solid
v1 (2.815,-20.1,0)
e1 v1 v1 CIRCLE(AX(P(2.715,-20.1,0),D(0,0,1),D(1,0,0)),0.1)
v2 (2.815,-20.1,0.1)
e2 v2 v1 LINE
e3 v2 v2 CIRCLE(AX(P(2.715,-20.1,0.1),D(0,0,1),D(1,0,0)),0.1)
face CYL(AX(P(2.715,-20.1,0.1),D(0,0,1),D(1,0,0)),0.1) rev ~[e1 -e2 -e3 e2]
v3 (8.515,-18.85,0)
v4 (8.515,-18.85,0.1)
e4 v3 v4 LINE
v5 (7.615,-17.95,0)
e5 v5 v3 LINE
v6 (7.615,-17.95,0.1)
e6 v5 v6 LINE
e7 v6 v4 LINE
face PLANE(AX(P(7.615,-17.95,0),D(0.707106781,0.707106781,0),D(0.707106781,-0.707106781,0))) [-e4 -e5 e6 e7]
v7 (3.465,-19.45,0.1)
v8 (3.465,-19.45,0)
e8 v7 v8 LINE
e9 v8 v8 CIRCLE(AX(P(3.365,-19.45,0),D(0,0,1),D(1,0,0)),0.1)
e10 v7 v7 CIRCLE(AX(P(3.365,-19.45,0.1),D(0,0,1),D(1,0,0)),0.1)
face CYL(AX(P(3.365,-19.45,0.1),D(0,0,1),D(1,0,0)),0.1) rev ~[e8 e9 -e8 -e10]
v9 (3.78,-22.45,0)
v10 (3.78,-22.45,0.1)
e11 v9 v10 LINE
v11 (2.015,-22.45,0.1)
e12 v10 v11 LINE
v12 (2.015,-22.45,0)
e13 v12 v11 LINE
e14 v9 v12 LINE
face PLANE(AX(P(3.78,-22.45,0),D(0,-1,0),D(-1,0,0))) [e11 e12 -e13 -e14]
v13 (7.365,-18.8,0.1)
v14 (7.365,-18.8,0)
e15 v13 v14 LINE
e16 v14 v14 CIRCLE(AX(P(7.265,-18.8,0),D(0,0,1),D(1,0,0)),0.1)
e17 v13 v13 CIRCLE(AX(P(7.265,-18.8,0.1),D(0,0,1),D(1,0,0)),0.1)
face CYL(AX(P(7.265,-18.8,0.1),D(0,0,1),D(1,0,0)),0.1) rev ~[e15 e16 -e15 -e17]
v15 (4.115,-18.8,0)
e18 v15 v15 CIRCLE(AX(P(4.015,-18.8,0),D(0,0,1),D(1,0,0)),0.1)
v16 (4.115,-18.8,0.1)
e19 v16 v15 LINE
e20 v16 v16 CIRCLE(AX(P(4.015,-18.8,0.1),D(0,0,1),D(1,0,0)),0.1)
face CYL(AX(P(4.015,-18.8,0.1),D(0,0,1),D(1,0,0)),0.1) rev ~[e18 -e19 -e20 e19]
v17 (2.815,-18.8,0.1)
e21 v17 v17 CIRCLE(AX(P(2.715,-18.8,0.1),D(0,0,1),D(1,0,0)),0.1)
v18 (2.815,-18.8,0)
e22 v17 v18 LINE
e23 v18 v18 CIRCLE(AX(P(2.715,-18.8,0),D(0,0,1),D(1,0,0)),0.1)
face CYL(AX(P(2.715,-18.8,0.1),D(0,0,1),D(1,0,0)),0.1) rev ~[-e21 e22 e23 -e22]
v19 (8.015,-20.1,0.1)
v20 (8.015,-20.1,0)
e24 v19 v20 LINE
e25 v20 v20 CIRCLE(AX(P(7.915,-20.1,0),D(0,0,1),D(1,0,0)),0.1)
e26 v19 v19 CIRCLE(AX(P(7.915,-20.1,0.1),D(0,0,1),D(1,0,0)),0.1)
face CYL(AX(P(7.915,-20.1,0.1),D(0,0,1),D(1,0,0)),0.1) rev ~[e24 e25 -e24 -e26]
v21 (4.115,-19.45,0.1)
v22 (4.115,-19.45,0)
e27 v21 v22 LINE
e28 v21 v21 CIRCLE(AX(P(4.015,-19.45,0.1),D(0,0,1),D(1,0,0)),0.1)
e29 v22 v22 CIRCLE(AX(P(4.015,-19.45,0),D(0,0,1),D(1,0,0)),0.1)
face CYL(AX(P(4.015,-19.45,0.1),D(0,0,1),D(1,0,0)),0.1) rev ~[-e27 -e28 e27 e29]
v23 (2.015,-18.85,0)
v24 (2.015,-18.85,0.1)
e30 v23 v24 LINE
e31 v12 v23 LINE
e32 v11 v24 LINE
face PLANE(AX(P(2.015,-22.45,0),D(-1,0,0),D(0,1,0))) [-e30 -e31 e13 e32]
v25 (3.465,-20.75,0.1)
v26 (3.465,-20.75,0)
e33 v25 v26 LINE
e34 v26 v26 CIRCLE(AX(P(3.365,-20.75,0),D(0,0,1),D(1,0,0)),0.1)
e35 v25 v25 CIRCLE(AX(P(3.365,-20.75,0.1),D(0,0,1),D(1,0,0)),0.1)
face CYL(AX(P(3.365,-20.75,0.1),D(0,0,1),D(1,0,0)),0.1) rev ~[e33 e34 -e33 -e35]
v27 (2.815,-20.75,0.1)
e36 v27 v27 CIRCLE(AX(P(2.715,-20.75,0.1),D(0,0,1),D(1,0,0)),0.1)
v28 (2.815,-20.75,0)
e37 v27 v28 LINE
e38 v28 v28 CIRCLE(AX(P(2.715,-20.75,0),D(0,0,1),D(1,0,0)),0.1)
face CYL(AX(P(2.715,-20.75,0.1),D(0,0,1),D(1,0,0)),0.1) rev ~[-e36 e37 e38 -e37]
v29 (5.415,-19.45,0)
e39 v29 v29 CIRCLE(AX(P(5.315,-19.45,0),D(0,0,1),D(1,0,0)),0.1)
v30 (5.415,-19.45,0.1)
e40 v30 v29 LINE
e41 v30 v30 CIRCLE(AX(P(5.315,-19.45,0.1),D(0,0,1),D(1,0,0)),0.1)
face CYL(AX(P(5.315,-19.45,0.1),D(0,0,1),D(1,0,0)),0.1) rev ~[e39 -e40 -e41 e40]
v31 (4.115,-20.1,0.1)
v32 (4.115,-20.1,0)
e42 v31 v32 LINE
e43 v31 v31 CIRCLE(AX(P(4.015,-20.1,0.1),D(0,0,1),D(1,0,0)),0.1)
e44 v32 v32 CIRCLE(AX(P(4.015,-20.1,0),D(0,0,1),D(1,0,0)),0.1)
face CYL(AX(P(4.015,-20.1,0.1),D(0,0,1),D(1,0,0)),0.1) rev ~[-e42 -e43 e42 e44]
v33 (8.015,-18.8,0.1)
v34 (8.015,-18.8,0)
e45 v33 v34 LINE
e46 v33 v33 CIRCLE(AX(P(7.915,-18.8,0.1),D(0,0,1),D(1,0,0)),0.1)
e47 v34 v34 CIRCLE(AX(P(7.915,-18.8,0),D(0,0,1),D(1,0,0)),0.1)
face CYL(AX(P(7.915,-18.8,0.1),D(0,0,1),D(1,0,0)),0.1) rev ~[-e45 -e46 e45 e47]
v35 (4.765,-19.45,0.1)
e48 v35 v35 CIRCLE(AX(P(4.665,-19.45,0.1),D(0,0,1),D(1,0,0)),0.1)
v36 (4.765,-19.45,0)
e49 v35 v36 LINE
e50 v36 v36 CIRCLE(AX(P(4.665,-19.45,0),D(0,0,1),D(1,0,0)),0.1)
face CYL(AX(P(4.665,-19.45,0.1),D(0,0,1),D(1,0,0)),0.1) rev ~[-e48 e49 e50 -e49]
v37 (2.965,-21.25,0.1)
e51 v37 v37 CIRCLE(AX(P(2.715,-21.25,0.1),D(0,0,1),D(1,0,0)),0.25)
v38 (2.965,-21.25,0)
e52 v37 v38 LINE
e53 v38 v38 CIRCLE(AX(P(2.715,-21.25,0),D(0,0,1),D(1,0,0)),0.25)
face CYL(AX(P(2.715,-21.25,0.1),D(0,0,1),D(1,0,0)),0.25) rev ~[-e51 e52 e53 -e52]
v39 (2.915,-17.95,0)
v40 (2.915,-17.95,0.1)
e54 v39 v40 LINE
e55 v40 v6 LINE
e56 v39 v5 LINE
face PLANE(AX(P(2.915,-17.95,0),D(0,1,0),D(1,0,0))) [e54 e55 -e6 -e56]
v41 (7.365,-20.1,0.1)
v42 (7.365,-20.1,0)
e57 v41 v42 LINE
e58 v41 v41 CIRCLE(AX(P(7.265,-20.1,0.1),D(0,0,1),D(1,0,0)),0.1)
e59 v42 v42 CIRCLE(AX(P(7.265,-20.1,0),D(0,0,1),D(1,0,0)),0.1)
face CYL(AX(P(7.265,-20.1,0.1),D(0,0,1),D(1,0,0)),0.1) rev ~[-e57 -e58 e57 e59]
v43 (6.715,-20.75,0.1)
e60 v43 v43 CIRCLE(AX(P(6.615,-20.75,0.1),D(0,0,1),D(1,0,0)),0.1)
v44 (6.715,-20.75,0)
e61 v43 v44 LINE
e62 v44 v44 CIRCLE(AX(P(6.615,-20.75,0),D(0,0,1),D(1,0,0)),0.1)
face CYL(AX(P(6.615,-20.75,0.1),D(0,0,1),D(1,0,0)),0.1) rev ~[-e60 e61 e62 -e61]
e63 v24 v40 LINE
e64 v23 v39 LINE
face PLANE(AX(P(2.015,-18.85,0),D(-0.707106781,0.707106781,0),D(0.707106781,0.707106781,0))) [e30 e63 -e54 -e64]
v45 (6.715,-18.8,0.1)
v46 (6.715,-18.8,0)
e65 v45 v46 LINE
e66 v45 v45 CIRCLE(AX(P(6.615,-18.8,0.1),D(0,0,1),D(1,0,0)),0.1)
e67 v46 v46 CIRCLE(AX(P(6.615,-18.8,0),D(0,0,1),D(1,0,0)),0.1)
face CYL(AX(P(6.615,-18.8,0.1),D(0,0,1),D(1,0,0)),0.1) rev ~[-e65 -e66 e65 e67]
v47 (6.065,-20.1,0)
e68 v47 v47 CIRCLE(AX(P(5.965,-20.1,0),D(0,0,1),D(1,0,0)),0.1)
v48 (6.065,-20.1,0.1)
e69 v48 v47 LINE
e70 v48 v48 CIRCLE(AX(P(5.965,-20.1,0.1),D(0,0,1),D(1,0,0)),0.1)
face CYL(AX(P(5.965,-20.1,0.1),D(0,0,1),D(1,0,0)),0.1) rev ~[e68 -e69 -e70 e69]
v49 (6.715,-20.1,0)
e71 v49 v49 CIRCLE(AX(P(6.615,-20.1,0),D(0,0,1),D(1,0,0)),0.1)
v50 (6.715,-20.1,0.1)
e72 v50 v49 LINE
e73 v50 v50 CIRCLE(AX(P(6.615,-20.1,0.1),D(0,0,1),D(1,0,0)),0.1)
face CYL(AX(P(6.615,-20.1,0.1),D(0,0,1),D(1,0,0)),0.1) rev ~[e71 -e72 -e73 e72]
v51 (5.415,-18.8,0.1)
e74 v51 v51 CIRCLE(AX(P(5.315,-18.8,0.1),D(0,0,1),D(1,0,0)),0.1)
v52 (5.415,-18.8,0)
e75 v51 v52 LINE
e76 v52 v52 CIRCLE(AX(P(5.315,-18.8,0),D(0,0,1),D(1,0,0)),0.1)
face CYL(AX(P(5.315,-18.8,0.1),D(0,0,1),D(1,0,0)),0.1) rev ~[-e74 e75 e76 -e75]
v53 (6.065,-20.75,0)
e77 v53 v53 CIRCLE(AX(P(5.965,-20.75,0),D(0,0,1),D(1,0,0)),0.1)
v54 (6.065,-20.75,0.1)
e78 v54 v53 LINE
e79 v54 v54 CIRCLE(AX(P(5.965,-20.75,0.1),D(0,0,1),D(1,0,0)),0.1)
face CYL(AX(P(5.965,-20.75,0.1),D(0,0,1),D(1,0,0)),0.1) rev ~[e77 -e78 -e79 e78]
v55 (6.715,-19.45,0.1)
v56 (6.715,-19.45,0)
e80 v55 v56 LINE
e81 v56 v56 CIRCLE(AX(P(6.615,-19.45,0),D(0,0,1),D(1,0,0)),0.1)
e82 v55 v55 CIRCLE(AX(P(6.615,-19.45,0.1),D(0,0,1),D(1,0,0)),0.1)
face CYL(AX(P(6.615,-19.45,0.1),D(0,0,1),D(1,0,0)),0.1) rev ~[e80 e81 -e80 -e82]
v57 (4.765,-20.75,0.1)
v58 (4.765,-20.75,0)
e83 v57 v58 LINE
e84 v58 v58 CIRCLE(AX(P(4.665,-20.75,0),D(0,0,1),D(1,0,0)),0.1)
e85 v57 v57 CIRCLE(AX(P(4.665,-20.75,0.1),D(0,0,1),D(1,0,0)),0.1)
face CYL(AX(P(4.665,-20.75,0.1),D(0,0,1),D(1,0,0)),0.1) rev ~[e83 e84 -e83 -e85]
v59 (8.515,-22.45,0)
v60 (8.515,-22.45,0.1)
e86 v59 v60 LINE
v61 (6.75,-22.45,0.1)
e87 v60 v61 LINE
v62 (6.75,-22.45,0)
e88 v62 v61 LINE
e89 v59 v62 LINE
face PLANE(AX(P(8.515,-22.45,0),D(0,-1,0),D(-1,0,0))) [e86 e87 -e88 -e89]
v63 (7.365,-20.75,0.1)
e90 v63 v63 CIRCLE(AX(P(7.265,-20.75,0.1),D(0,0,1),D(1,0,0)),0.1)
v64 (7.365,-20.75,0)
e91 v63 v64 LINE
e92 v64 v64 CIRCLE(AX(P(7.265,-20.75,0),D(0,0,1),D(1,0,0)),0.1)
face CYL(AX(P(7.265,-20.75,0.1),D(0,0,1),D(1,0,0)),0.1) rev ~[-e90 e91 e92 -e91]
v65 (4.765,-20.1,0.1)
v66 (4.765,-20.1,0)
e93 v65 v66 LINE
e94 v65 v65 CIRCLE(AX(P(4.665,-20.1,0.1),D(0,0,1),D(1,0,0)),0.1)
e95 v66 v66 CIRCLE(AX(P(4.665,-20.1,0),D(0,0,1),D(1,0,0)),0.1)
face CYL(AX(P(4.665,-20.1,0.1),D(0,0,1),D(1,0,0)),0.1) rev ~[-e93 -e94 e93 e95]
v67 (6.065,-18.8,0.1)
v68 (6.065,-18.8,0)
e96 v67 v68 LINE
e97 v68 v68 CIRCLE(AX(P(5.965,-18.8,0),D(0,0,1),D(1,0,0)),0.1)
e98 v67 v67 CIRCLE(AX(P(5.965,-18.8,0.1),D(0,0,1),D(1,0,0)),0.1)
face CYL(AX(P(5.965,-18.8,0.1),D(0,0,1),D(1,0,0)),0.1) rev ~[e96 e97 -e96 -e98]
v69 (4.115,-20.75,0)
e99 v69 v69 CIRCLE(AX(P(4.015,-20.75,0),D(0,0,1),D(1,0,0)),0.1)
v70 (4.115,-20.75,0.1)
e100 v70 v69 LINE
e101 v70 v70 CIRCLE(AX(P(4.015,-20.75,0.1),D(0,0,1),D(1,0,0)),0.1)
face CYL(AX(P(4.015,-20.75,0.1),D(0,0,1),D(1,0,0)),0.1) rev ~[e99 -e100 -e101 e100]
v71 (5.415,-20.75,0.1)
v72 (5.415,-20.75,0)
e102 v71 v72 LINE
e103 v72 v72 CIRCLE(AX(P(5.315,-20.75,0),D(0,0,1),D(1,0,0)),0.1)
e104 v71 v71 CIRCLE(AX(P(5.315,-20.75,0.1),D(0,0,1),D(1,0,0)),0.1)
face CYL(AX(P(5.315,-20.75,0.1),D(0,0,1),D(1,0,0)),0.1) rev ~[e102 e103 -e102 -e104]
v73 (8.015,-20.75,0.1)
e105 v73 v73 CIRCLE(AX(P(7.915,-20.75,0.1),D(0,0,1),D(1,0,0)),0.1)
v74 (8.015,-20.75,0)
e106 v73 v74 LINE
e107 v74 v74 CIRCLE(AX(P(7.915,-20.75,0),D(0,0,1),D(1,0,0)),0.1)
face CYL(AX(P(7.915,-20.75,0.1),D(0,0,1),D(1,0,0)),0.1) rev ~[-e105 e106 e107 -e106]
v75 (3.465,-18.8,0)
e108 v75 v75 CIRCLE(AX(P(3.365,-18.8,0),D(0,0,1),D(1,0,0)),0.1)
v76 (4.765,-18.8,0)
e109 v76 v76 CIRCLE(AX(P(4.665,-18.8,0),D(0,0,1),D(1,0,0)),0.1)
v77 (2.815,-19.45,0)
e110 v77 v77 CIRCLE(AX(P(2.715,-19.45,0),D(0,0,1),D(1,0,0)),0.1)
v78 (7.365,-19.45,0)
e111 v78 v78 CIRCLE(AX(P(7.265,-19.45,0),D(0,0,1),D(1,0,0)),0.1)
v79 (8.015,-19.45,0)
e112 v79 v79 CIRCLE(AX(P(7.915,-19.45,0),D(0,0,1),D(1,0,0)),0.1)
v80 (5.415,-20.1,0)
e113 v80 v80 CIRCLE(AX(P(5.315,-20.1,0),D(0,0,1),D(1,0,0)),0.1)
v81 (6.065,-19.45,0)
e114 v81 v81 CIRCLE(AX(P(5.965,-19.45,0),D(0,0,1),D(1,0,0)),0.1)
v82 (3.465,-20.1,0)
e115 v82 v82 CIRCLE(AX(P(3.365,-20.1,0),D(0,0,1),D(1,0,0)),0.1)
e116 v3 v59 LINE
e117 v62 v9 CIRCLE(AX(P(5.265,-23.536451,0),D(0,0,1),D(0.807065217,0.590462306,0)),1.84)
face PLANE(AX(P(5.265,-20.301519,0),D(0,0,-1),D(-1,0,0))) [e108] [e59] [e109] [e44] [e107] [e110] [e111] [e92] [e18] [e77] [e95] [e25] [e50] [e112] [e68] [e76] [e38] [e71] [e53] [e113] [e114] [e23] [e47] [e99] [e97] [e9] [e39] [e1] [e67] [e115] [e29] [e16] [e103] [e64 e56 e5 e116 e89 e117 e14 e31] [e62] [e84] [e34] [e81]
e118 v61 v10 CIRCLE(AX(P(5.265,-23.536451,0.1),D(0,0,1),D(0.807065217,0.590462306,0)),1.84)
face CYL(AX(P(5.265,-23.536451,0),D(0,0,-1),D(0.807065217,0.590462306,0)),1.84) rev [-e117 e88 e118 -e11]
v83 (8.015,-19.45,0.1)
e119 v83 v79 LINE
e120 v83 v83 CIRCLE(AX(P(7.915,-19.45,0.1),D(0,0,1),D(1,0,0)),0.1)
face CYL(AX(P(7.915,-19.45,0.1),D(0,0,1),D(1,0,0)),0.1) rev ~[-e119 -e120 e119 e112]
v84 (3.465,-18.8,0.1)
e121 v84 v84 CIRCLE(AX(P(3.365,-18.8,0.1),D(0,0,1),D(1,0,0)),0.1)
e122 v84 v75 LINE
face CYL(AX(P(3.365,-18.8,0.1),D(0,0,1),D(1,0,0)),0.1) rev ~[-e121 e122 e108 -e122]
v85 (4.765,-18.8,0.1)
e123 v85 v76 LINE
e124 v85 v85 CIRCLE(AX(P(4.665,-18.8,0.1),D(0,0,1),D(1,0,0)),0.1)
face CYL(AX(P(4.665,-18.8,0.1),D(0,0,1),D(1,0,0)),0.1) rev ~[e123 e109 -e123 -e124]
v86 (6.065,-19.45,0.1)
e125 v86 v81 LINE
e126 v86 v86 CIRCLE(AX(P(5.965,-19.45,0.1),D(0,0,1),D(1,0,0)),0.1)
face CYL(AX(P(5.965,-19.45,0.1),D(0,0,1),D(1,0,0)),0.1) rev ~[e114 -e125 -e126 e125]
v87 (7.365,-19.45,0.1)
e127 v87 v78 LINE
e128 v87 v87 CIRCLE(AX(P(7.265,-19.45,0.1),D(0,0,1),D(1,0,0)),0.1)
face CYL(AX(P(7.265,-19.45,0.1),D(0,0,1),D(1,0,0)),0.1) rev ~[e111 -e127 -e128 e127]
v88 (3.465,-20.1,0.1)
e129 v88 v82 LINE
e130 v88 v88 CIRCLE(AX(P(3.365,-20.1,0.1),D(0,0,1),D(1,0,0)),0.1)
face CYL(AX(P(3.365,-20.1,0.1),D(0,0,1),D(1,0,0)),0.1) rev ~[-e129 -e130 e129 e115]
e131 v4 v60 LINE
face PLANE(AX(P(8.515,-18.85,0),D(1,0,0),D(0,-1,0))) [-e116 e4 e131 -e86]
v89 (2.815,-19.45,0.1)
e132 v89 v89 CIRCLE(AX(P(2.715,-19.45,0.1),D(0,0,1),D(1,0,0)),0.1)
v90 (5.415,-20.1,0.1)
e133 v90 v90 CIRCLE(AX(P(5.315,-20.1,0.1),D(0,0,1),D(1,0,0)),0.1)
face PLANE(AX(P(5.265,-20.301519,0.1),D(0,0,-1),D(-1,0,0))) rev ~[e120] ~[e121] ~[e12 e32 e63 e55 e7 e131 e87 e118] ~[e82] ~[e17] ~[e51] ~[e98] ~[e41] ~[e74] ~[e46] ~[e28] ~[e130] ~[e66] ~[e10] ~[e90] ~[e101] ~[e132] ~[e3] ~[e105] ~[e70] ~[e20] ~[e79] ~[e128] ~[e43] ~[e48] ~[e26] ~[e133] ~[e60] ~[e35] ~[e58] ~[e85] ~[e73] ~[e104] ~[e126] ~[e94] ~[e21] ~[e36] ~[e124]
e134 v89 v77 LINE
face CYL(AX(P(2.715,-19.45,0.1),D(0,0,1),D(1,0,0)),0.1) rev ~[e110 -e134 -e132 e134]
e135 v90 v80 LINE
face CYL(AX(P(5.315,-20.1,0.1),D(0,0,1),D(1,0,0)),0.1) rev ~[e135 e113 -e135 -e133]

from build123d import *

# Parameters (mm, degrees)
EXTRUDE_1_DEPTH     = 0.1
SKETCH_2_R          = 0.25
CUT_EXTRUDE_1_DEPTH = 25.010783515
SKETCH_3_R          = 0.1
CUT_EXTRUDE_2_DEPTH = 25.010783515


with BuildPart() as part:
    # Эскиз1 → Бобышка-Вытянуть1 (new body)
    with BuildSketch(Plane.XY):
        with BuildLine():
            Line((3.78, -22.45), (2.015, -22.45))
            Line((2.015, -22.45), (2.015, -18.85))
            Line((2.015, -18.85), (2.915, -17.95))
            Line((2.915, -17.95), (7.615, -17.95))
            Line((7.615, -17.95), (8.515, -18.85))
            Line((8.515, -18.85), (8.515, -22.45))
            Line((8.515, -22.45), (6.75, -22.45))
            ThreePointArc((6.75, -22.45), (5.265, -21.696450643), (3.78, -22.45))
        make_face()
    extrude(amount=EXTRUDE_1_DEPTH)

    # Эскиз2 → Вырез-Вытянуть1 (cut, through all)
    with BuildSketch(Plane.XY.offset(0.1)):
        with Locations((2.715, -21.25)):
            Circle(SKETCH_2_R)
    extrude(amount=-CUT_EXTRUDE_1_DEPTH, mode=Mode.SUBTRACT)

    # Эскиз3 → Вырез-Вытянуть2 (cut, through all)
    with BuildSketch(Plane.XY.offset(0.1)):
        with Locations((2.715, -20.75)):
            Circle(SKETCH_3_R)
        with Locations((3.365, -20.75)):
            Circle(SKETCH_3_R)
        with Locations((4.015, -20.75)):
            Circle(SKETCH_3_R)
        with Locations((4.665, -20.75)):
            Circle(SKETCH_3_R)
        with Locations((5.315, -20.75)):
            Circle(SKETCH_3_R)
        with Locations((5.965, -20.75)):
            Circle(SKETCH_3_R)
        with Locations((6.615, -20.75)):
            Circle(SKETCH_3_R)
        with Locations((7.265, -20.75)):
            Circle(SKETCH_3_R)
        with Locations((7.915, -20.75)):
            Circle(SKETCH_3_R)
        with Locations((3.365, -20.1)):
            Circle(SKETCH_3_R)
        with Locations((4.015, -20.1)):
            Circle(SKETCH_3_R)
        with Locations((4.665, -20.1)):
            Circle(SKETCH_3_R)
        with Locations((5.315, -20.1)):
            Circle(SKETCH_3_R)
        with Locations((5.965, -20.1)):
            Circle(SKETCH_3_R)
        with Locations((6.615, -20.1)):
            Circle(SKETCH_3_R)
        with Locations((7.265, -20.1)):
            Circle(SKETCH_3_R)
        with Locations((7.915, -20.1)):
            Circle(SKETCH_3_R)
        with Locations((3.365, -19.45)):
            Circle(SKETCH_3_R)
        with Locations((4.015, -19.45)):
            Circle(SKETCH_3_R)
        with Locations((4.665, -19.45)):
            Circle(SKETCH_3_R)
        with Locations((5.315, -19.45)):
            Circle(SKETCH_3_R)
        with Locations((5.965, -19.45)):
            Circle(SKETCH_3_R)
        with Locations((6.615, -19.45)):
            Circle(SKETCH_3_R)
        with Locations((7.265, -19.45)):
            Circle(SKETCH_3_R)
        with Locations((7.915, -19.45)):
            Circle(SKETCH_3_R)
        with Locations((3.365, -18.8)):
            Circle(SKETCH_3_R)
        with Locations((4.015, -18.8)):
            Circle(SKETCH_3_R)
        with Locations((4.665, -18.8)):
            Circle(SKETCH_3_R)
        with Locations((5.315, -18.8)):
            Circle(SKETCH_3_R)
        with Locations((5.965, -18.8)):
            Circle(SKETCH_3_R)
        with Locations((6.615, -18.8)):
            Circle(SKETCH_3_R)
        with Locations((7.265, -18.8)):
            Circle(SKETCH_3_R)
        with Locations((7.915, -18.8)):
            Circle(SKETCH_3_R)
        with Locations((2.715, -20.1)):
            Circle(SKETCH_3_R)
        with Locations((2.715, -19.45)):
            Circle(SKETCH_3_R)
        with Locations((2.715, -18.8)):
            Circle(SKETCH_3_R)
    extrude(amount=-CUT_EXTRUDE_2_DEPTH, mode=Mode.SUBTRACT)


solid = part.part
